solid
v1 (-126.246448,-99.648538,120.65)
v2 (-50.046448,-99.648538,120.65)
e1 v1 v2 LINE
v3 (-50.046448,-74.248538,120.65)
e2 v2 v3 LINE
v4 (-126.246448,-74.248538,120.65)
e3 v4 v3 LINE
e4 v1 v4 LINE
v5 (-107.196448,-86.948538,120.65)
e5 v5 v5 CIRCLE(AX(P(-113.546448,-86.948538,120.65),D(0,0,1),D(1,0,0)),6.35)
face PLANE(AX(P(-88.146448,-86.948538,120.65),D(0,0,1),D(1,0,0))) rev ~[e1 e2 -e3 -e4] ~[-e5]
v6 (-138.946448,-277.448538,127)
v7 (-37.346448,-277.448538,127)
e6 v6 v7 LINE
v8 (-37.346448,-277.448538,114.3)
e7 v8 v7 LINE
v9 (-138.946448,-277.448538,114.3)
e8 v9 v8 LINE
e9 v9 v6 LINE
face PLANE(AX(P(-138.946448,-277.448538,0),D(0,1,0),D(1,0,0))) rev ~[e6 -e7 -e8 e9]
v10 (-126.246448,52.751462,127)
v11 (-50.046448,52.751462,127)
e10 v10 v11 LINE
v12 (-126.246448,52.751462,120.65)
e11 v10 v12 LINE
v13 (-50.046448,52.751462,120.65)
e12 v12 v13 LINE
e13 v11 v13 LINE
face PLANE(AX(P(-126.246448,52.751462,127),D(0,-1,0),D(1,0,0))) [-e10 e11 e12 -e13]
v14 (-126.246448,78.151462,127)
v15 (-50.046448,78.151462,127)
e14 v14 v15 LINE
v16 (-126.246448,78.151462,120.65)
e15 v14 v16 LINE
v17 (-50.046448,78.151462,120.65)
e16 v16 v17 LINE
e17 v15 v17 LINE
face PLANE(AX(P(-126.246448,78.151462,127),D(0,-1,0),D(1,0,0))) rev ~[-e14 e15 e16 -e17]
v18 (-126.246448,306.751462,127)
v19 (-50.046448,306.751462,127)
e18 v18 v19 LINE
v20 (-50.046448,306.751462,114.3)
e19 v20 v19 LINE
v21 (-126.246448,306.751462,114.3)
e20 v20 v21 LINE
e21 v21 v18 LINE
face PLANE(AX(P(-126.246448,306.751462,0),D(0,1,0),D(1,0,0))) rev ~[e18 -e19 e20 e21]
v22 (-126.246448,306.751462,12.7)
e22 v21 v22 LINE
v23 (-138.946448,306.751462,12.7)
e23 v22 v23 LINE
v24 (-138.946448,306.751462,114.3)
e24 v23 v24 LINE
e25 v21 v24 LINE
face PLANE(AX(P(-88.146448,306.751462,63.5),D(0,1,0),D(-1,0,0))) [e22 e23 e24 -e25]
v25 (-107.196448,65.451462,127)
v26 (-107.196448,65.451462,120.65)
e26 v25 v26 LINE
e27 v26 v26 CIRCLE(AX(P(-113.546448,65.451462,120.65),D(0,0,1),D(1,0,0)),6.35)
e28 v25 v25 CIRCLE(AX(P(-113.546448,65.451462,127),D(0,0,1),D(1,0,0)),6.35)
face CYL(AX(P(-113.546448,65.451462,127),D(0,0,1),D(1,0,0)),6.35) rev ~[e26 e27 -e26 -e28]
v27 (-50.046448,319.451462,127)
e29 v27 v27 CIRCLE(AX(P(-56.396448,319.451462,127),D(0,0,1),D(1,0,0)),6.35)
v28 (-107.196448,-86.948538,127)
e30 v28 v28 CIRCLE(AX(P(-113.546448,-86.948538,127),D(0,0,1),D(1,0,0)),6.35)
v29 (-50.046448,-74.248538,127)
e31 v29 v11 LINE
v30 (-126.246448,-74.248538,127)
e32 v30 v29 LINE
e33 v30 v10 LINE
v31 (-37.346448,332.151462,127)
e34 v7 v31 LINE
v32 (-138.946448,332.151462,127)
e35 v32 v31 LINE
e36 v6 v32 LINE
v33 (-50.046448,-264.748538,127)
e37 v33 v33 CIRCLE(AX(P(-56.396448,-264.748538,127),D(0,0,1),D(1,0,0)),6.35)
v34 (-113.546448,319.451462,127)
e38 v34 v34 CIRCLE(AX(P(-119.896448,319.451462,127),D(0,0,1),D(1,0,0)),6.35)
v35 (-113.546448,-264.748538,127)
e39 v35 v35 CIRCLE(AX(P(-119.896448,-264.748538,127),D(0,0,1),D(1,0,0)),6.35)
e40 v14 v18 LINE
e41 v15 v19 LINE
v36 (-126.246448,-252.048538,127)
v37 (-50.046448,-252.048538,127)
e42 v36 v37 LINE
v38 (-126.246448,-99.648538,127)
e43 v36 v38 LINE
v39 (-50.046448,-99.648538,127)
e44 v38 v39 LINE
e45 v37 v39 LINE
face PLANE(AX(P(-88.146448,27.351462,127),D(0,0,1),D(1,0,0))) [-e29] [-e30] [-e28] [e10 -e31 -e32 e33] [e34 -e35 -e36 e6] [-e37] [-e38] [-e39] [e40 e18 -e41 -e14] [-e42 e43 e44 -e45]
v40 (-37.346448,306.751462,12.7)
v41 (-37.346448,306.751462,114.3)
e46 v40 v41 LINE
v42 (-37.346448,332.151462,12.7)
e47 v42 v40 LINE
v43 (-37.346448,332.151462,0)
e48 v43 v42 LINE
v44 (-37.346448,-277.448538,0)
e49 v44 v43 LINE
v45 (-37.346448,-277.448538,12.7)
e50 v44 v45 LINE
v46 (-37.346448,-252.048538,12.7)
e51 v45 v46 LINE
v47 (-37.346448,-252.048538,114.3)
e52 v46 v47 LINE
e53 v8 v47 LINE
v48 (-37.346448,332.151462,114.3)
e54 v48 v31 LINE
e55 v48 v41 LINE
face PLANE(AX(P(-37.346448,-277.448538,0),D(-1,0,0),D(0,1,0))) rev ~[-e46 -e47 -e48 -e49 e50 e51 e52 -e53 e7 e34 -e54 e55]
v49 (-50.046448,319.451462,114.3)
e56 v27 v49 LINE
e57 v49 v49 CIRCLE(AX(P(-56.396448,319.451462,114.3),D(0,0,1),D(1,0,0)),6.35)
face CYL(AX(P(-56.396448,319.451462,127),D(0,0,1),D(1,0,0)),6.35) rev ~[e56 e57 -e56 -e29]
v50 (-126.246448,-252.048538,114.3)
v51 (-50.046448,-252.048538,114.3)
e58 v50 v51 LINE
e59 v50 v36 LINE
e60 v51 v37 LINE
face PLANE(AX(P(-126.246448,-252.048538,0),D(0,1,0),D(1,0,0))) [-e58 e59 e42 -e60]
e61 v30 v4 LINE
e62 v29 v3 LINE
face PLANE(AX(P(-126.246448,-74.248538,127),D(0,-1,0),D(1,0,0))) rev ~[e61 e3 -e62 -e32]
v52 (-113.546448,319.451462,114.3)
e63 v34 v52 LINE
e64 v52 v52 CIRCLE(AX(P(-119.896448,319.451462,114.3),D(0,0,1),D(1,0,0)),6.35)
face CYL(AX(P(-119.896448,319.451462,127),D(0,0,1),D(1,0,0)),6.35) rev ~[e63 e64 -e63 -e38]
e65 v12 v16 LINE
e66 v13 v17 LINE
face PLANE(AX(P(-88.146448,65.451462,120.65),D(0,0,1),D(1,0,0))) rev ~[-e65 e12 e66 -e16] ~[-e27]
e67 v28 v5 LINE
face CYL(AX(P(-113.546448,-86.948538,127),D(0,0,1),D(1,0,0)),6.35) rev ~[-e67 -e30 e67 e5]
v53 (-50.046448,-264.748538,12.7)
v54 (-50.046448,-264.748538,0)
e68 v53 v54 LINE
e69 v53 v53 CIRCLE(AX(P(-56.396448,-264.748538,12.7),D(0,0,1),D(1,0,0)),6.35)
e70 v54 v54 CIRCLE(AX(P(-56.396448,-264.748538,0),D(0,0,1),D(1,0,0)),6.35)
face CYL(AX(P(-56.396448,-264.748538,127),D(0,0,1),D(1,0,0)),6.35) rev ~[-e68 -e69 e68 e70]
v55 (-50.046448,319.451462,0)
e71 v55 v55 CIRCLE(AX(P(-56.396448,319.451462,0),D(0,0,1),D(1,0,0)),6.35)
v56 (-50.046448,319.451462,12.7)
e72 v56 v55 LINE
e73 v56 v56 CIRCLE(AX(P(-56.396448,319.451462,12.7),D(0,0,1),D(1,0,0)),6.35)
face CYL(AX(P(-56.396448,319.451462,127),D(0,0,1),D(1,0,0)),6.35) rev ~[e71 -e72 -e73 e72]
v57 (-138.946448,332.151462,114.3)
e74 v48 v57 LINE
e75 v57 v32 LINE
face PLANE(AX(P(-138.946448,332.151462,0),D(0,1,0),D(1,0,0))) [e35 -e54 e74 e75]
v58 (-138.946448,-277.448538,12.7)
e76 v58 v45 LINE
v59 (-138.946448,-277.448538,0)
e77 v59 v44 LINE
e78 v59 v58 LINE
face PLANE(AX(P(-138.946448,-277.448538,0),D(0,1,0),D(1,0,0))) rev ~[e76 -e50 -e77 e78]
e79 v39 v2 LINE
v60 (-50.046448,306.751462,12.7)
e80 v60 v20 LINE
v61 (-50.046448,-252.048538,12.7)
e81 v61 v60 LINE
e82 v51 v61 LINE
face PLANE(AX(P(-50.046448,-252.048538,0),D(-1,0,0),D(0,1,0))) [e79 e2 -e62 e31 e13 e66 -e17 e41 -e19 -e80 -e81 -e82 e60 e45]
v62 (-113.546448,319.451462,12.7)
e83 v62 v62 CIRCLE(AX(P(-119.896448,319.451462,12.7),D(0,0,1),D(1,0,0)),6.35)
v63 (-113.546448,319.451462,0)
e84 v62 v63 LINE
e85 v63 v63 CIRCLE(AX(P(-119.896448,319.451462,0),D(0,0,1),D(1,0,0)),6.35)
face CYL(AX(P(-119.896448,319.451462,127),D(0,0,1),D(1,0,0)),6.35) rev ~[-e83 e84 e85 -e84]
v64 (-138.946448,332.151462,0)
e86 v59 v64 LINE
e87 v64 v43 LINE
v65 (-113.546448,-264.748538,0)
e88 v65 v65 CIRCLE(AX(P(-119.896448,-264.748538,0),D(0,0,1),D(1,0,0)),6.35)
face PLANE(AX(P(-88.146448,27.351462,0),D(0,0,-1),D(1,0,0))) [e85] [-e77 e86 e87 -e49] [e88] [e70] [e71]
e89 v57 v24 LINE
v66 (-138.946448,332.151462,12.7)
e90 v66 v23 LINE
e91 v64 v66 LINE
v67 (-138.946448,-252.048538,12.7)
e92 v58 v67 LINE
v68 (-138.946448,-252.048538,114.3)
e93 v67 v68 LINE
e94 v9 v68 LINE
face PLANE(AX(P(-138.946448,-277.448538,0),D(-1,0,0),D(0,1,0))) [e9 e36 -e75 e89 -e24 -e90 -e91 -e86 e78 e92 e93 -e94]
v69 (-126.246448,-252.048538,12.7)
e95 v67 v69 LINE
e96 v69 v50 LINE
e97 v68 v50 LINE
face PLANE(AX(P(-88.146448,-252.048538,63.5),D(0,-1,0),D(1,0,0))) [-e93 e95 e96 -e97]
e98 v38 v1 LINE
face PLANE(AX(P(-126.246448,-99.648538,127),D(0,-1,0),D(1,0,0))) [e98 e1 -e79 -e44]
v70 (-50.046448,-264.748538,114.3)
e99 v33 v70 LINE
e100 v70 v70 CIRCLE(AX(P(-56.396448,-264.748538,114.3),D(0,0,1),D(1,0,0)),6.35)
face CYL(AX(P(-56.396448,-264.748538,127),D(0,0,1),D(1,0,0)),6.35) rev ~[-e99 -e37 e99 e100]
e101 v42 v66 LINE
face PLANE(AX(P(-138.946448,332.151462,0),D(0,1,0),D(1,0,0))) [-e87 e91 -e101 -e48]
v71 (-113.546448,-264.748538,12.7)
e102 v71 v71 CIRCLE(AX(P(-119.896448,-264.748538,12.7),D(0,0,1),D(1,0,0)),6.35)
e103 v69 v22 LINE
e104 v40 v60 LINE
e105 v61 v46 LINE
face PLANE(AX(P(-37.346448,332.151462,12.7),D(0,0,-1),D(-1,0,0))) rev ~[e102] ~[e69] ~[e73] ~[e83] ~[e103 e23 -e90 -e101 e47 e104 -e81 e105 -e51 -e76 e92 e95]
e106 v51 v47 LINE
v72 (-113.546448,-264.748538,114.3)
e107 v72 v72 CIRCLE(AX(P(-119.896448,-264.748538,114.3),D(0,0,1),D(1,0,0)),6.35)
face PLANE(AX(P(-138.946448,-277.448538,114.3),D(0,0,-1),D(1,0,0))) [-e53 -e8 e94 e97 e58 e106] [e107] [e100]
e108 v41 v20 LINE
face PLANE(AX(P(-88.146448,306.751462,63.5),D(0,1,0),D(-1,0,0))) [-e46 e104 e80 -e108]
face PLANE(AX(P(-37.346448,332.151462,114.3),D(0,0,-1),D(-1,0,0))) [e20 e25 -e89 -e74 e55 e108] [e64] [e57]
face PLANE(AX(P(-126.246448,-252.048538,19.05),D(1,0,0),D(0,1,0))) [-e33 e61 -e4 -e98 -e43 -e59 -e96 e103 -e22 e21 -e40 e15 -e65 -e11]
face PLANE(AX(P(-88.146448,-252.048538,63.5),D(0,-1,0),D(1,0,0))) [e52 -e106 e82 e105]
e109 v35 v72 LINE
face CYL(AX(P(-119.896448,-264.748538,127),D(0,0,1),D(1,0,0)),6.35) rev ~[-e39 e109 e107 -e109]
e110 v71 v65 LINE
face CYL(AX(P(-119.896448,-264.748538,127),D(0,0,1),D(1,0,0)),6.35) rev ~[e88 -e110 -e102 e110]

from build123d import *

# Parameters (mm, degrees)
F0_W      = 101.6
F0_H      = 609.6
F0_W_2    = 76.2
F0_H_2    = 558.8
F1_DEPTH  = 127
F2_W      = 76.2
F2_H      = 558.8
F3_DEPTH  = 19.05
F4_W      = 76.2
F4_H      = 25.4
F5_DEPTH  = 6.35
F6_W      = 101.6
F6_H      = 101.6
F7_DEPTH  = 25.4
F8_W      = 101.6
F8_H      = 101.6
F9_DEPTH  = 25.4
F3_FACE_W = 76.2
F3_FACE_H = 558.8
F10_DEPTH = 6.35
F11_R     = 6.35
F12_DEPTH = 6.35
F13_R     = 6.35
F14_DEPTH = 12.7
F15_DEPTH = 127


with BuildPart() as f1:
    # F0 (on Top) → F1 (new body)
    with BuildSketch(Plane.XY):
        with Locations((-88.146448, 27.351462)):
            Rectangle(F0_W, F0_H)
        with Locations((-88.146448, 27.351462)):
            Rectangle(F0_W_2, F0_H_2, mode=Mode.SUBTRACT)
    extrude(amount=F1_DEPTH)

    # F2 (on face) → F3 (join)
    with BuildSketch(Plane(origin=(0, 0, 0), x_dir=(1, 0, 0), z_dir=(0, 0, -1))):
        with Locations((-88.146448, -27.351462)):
            Rectangle(F2_W, F2_H)
    extrude(amount=-F3_DEPTH)

    # F4 (on face) → F5 (join)
    with BuildSketch(Plane.XY.offset(127)):
        with Locations((-88.146448, 65.451462)):
            Rectangle(F4_W, F4_H)
        with Locations((-88.146448, -86.948538)):
            Rectangle(F4_W, F4_H)
    extrude(amount=-F5_DEPTH)

    # F6 (on face) → F7 (cut)
    with BuildSketch(Plane.XZ.offset(277.448538)):
        with Locations((-88.146448, 63.5)):
            Rectangle(F6_W, F6_H)
    extrude(amount=-F7_DEPTH, mode=Mode.SUBTRACT)

    # F8 (on face) → F9 (cut)
    with BuildSketch(Plane(origin=(0, 332.151462, 0), x_dir=(-1, 0, 0), z_dir=(0, 1, 0))):
        with Locations((88.146448, 63.5)):
            Rectangle(F8_W, F8_H)
    extrude(amount=-F9_DEPTH, mode=Mode.SUBTRACT)

    # F3_face (on face) → F10 (cut)
    with BuildSketch(Plane(origin=(-88.146448, 27.351462, 19.05), x_dir=(1, 0, 0), z_dir=(0, 0, 1))):
        Rectangle(F3_FACE_W, F3_FACE_H)
    extrude(amount=-F10_DEPTH, mode=Mode.SUBTRACT)

    # F11 (on face) → F12 (cut)
    with BuildSketch(Plane.XY.offset(127)):
        with Locations((-113.546448, 65.451462)):
            Circle(F11_R)
        with Locations((-113.546448, -86.948538)):
            Circle(F11_R)
    extrude(amount=-F12_DEPTH, mode=Mode.SUBTRACT)

    # F13 (on face) → F14 (cut)
    with BuildSketch(Plane.XY.offset(127)):
        with Locations((-119.896448, -264.748538)):
            Circle(F13_R)
        with Locations((-56.396448, -264.748538)):
            Circle(F13_R)
        with Locations((-119.896448, 319.451462)):
            Circle(F13_R)
        with Locations((-56.396448, 319.451462)):
            Circle(F13_R)
    extrude(amount=-F14_DEPTH, mode=Mode.SUBTRACT)

    # F13 (on face) → F15 (cut)
    with BuildSketch(Plane.XY.offset(127)):
        with Locations((-119.896448, 319.451462)):
            Circle(F13_R)
        with Locations((-56.396448, 319.451462)):
            Circle(F13_R)
        with Locations((-119.896448, -264.748538)):
            Circle(F13_R)
        with Locations((-56.396448, -264.748538)):
            Circle(F13_R)
    extrude(amount=-F15_DEPTH, mode=Mode.SUBTRACT)


solid = f1.part
